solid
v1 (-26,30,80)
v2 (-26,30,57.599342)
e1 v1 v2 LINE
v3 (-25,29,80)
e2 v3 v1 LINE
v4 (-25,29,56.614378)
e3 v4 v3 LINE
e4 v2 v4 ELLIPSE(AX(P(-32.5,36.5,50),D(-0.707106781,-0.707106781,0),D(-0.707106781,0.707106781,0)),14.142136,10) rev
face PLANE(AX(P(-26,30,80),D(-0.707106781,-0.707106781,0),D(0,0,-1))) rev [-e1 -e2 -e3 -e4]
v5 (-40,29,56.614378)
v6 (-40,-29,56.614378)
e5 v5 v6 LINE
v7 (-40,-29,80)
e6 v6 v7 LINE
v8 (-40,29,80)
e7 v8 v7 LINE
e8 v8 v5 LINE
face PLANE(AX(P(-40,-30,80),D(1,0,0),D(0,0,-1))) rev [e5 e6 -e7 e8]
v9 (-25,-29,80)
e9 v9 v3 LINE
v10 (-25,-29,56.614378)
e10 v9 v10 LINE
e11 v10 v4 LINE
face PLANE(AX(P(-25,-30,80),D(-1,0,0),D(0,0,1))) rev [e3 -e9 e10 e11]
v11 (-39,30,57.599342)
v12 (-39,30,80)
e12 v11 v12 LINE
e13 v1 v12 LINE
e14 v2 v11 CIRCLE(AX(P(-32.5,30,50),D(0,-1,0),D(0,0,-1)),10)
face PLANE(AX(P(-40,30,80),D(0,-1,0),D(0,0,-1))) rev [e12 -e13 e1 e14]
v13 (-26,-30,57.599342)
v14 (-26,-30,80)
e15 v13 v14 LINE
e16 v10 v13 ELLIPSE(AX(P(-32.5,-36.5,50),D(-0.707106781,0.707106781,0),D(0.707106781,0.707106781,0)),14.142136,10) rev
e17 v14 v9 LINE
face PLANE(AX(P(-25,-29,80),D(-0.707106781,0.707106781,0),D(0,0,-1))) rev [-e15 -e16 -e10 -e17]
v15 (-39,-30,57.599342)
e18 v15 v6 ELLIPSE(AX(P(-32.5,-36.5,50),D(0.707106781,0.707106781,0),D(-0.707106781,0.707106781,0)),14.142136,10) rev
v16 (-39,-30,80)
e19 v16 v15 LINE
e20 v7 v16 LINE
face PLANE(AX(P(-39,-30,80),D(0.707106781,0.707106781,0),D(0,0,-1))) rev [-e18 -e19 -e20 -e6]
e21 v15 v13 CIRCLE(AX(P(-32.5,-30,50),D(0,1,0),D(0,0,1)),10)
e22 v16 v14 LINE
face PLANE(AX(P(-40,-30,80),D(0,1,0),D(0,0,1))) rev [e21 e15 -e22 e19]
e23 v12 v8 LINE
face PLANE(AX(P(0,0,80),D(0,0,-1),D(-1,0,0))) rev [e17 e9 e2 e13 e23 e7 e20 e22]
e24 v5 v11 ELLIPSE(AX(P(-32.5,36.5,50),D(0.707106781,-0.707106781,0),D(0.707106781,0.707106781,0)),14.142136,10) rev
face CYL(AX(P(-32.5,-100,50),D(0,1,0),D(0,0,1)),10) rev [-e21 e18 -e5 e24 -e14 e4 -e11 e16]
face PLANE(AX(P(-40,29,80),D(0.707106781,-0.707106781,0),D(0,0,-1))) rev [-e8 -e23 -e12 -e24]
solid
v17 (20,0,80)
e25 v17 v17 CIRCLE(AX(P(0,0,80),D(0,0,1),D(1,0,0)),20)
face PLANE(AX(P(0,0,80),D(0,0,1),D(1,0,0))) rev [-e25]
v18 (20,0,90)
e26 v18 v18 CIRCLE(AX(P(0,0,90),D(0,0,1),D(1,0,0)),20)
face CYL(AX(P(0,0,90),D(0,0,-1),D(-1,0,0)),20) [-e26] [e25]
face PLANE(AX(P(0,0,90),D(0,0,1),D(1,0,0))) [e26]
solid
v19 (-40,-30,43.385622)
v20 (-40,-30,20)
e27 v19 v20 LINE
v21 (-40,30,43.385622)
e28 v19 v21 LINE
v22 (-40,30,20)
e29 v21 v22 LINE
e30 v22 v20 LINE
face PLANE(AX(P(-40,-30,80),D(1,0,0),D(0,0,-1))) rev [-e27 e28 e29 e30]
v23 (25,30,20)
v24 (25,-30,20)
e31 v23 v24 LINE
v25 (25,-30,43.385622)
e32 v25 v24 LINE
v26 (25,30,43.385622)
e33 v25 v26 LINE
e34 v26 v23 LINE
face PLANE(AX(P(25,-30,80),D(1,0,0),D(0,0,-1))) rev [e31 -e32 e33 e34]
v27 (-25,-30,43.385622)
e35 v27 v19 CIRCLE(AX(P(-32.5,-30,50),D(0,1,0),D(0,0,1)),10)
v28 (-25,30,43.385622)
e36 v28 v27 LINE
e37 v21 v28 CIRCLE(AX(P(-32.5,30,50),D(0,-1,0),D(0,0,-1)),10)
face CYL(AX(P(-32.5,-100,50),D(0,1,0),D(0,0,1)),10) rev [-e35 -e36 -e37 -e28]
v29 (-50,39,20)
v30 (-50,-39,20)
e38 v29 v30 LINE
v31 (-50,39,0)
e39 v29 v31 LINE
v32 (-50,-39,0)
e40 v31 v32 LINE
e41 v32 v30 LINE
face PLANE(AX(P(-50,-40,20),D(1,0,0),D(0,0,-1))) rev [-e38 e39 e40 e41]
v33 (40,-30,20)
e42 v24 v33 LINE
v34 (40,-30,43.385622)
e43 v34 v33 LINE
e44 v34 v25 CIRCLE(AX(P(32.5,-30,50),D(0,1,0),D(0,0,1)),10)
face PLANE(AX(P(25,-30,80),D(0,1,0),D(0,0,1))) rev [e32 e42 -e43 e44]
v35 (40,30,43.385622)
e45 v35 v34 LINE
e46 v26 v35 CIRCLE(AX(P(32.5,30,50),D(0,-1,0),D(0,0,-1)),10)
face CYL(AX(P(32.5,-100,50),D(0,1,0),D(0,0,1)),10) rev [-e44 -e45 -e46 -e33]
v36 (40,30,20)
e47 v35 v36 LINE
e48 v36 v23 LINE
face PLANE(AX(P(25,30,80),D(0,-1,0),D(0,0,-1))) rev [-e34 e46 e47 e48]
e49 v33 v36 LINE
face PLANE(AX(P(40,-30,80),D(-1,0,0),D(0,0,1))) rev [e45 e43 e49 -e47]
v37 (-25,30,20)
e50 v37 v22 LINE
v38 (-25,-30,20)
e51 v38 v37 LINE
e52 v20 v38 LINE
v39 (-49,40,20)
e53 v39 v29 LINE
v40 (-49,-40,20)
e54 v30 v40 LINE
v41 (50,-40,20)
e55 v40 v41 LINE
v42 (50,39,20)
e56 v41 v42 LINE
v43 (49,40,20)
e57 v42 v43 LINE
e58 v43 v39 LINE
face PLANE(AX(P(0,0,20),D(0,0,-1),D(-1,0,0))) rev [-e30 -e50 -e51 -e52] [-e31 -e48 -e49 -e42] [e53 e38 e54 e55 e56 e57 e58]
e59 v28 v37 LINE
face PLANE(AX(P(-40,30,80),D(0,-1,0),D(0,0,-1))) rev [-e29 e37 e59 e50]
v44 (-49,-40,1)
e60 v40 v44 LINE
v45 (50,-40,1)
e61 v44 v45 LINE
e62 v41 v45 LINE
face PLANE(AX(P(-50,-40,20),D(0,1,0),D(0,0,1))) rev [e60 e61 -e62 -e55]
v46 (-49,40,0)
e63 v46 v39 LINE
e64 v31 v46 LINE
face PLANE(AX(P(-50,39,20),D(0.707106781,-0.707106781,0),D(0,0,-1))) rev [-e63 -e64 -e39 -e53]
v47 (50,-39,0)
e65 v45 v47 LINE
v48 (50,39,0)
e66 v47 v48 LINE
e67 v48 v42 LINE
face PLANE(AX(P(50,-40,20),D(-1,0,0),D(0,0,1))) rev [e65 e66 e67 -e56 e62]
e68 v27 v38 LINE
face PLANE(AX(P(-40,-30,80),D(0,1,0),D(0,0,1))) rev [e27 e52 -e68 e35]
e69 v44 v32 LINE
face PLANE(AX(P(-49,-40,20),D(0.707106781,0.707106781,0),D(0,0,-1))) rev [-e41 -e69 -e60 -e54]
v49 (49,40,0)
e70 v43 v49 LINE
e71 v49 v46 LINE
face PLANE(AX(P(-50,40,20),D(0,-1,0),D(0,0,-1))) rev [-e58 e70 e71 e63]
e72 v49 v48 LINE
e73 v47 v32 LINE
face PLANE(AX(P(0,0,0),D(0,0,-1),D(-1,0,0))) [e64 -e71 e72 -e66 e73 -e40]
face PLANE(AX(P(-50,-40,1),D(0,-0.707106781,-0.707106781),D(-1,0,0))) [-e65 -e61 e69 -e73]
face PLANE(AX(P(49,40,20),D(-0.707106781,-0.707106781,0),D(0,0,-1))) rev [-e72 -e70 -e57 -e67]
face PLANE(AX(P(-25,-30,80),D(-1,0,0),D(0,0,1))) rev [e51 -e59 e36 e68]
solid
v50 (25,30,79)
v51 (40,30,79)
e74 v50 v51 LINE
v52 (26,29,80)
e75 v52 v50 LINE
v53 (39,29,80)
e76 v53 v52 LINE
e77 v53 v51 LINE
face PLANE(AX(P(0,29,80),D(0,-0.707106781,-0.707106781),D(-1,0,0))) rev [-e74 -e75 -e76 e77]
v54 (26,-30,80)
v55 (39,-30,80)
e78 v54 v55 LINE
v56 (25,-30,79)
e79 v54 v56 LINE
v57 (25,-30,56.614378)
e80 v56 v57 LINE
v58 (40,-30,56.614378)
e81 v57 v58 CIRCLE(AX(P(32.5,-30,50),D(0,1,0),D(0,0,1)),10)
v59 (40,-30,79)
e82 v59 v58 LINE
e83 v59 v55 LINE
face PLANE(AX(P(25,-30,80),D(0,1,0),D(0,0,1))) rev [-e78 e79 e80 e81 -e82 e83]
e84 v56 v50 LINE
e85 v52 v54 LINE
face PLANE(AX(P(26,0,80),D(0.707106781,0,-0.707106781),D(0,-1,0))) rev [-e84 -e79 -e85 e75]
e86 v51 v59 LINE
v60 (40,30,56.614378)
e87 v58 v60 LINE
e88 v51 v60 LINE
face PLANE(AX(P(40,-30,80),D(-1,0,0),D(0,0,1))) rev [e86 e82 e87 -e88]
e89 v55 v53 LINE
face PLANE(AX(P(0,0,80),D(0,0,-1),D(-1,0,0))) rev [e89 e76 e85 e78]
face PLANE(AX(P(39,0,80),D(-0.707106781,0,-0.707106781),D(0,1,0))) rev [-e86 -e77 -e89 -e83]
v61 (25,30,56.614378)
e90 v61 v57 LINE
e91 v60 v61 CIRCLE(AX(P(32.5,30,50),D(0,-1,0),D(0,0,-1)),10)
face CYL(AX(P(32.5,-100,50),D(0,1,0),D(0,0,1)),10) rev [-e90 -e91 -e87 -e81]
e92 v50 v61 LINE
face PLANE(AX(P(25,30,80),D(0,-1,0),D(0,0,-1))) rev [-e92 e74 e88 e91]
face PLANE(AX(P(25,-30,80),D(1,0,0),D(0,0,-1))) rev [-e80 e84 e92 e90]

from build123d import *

# Parameters (mm, degrees)
SKETCH1_W               = 100
SKETCH1_H               = 80
BOSS_EXTRUDE1_DEPTH     = 20
SKETCH2_W               = 15
SKETCH2_H               = 60
BOSS_EXTRUDE2_DEPTH     = 60
CUT_EXTRUDE1_DEPTH      = 100
CUT_EXTRUDE1_DEPTH_BACK = 100
SKETCH3_R               = 10
SKETCH4_R               = 20
BOSS_EXTRUDE3_DEPTH     = 10
CHAMFER1_SIZE           = 1
CHAMFER2_SIZE           = 1
CHAMFER3_SIZE           = 1


with BuildPart() as part:
    # Sketch1 → Boss-Extrude1 (new body)
    with BuildSketch(Plane.XY):
        Rectangle(SKETCH1_W, SKETCH1_H)
    extrude(amount=BOSS_EXTRUDE1_DEPTH)

    # Sketch2 → Boss-Extrude2 (add)
    with BuildSketch(Plane.XY.offset(20)):
        with Locations((-32.5, 0)):
            Rectangle(SKETCH2_W, SKETCH2_H)
        with Locations((32.5, 0)):
            Rectangle(SKETCH2_W, SKETCH2_H)
    extrude(amount=BOSS_EXTRUDE2_DEPTH)

    # Sketch3 → Cut-Extrude1 (cut, two sides: drawn at the far end of the back side and taken through both)
    with BuildSketch(Plane(origin=(0, 0, 0), x_dir=(1, 0, 0), z_dir=(0, 1, 0)).offset(-CUT_EXTRUDE1_DEPTH_BACK)):
        with Locations((-32.5, -50)):
            Circle(SKETCH3_R)
        with Locations((32.5, -50)):
            Circle(SKETCH3_R)
    extrude(amount=CUT_EXTRUDE1_DEPTH + CUT_EXTRUDE1_DEPTH_BACK, mode=Mode.SUBTRACT)


with BuildPart() as cut_extrude1_piece_1:
    # of the separate pieces the step leaves, piece 1, a body of its own (cut_extrude1_pieces)
    add(part.part.solids().sort_by_distance((-50, -40, 0))[0])

    # Chamfer1
    chamfer1_edges = [cut_extrude1_piece_1.edges().sort_by_distance(p)[0] for p in [
        (50, 40, 10),
        (-50, 40, 10),
        (0, -40, 0),
        (-50, -40, 10),
    ]]
    chamfer(chamfer1_edges, length=CHAMFER1_SIZE)


with BuildPart() as cut_extrude1_piece_2:
    # of the separate pieces the step leaves, piece 2, a body of its own (cut_extrude1_pieces)
    add(part.part.solids().sort_by_distance((-40, -30, 56.614378278))[0])

    # Chamfer2
    chamfer2_edges = [cut_extrude1_piece_2.edges().sort_by_distance(p)[0] for p in [
        (-40, -30, 68.307189139),
        (-40, 30, 68.307189139),
        (-25, 30, 68.307189139),
        (-25, -30, 68.307189139),
    ]]
    chamfer(chamfer2_edges, length=CHAMFER2_SIZE)


with BuildPart() as cut_extrude1_piece_3:
    # of the separate pieces the step leaves, piece 3, a body of its own (cut_extrude1_pieces)
    add(part.part.solids().sort_by_distance((25, -30, 56.614378278))[0])

    # Chamfer3
    chamfer3_edges = [cut_extrude1_piece_3.edges().sort_by_distance(p)[0] for p in [
        (40, 0, 80),
        (32.5, 30, 80),
        (25, 0, 80),
    ]]
    chamfer(chamfer3_edges, length=CHAMFER3_SIZE)


with BuildPart() as body_4:
    # Sketch4 → Boss-Extrude3 (new body)
    with BuildSketch(Plane.XY.offset(80)):
        Circle(SKETCH4_R)
    extrude(amount=BOSS_EXTRUDE3_DEPTH)


solid = Compound([cut_extrude1_piece_1.part, cut_extrude1_piece_2.part, cut_extrude1_piece_3.part, body_4.part])
